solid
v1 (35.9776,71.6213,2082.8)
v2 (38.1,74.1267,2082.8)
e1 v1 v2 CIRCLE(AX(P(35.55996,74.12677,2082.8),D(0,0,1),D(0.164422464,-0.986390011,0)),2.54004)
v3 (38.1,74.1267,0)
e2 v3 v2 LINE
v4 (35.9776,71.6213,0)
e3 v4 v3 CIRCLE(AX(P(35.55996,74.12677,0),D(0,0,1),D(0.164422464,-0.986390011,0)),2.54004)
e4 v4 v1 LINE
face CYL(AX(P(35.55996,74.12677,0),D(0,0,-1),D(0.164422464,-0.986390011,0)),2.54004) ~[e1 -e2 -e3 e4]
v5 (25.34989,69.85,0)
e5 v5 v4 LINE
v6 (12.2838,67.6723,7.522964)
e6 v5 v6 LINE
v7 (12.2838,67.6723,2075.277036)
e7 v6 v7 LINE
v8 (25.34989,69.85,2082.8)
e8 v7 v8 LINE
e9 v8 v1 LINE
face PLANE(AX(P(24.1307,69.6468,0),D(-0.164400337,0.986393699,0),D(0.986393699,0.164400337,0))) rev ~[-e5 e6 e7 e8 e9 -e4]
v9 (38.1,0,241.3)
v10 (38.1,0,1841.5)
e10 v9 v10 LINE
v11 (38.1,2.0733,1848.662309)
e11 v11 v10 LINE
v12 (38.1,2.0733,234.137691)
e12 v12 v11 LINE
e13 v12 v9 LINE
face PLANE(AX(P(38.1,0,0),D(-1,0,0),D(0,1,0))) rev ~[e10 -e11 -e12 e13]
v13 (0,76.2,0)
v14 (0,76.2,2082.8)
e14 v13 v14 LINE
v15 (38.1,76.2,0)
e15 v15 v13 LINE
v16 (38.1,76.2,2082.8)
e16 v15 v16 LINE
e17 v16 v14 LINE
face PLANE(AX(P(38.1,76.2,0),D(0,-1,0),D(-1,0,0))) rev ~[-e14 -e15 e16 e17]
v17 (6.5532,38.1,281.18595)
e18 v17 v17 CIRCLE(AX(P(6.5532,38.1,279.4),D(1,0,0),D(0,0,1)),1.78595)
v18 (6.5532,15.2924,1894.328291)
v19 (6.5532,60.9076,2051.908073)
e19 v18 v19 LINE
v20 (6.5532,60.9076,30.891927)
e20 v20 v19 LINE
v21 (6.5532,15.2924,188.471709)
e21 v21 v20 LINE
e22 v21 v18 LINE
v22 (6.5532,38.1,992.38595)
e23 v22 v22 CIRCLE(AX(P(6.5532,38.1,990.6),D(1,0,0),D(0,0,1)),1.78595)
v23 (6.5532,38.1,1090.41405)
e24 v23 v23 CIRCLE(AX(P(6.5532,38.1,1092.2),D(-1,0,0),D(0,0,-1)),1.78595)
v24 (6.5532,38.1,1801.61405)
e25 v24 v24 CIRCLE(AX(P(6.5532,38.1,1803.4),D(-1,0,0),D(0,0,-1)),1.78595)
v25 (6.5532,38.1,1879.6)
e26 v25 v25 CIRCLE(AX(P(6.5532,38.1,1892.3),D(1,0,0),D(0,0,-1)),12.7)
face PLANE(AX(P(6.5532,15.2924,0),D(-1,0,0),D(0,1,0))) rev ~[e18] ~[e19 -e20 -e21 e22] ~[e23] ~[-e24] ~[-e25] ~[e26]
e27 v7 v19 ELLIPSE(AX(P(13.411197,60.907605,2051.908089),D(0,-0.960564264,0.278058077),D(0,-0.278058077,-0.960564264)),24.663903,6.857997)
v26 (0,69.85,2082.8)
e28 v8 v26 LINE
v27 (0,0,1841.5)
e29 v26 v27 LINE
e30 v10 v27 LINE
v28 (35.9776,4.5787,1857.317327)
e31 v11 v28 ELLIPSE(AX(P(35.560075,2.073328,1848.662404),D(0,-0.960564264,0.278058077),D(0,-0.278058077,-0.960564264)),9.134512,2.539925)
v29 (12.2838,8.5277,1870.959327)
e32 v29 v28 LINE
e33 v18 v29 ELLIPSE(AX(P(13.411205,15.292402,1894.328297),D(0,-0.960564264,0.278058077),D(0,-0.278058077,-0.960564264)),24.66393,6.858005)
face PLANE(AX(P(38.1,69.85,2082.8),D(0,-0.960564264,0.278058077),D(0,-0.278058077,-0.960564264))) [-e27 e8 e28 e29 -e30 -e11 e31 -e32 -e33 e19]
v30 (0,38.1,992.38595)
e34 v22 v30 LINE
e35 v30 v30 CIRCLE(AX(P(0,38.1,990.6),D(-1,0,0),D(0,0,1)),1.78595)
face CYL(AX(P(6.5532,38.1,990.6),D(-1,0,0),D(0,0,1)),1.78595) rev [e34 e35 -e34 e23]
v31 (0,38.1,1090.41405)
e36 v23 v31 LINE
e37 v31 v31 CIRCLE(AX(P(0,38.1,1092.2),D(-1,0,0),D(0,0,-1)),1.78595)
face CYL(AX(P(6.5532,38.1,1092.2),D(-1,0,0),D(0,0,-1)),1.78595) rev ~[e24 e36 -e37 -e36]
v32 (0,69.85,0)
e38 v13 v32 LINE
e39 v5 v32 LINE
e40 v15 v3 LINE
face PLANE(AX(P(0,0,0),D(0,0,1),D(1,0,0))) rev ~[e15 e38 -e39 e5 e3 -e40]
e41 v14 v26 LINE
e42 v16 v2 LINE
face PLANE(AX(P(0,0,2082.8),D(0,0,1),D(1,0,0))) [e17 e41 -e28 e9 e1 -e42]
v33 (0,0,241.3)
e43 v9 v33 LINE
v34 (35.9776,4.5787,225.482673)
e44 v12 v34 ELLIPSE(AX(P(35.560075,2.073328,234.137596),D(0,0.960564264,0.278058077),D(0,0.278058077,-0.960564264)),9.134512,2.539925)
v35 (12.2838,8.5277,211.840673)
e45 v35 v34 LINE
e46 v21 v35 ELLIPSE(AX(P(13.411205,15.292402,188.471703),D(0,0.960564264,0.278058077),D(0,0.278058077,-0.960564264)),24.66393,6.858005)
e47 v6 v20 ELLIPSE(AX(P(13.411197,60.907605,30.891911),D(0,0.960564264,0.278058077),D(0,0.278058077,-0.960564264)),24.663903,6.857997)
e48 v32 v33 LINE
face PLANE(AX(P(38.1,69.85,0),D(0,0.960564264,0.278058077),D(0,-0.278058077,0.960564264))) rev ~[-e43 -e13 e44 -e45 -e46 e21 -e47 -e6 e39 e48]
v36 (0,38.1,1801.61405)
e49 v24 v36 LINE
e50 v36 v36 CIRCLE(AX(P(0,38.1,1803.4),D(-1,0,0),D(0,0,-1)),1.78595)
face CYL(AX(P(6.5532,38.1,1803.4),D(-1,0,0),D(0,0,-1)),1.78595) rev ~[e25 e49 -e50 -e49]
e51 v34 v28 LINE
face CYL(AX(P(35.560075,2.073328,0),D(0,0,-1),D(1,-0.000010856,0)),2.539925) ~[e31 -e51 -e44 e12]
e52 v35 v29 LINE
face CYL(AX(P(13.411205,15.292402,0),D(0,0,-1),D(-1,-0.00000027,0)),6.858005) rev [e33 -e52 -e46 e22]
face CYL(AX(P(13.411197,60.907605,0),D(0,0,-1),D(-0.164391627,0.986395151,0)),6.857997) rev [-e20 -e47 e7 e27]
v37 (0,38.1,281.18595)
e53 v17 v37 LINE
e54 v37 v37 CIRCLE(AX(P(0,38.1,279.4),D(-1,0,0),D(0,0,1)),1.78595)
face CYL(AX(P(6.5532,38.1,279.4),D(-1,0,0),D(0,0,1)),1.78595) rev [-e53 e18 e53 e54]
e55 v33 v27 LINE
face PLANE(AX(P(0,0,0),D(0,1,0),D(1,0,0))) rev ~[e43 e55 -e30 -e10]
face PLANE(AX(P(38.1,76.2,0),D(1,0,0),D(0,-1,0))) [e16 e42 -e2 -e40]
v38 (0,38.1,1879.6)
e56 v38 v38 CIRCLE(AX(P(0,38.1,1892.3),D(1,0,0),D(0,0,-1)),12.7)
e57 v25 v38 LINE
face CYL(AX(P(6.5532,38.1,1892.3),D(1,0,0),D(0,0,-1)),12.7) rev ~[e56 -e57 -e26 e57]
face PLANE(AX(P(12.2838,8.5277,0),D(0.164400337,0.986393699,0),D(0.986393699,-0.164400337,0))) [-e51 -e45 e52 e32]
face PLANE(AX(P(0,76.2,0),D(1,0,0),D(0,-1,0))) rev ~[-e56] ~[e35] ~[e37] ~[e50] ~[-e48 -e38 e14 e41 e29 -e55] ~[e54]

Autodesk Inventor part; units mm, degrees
ref_plane "YZ Plane" through (0, 0, 0) normal (1, 0, 0) x (0, 1, 0)
ref_plane "XZ Plane" through (0, 0, 0) normal (0, 1, 0) x (-1, 0, 0)
sketch "Sketch1" plane through (0, 0, 0) normal (0, 0, 1) x (1, 0, 0)
  line L0 (0, 0) -> (38.1, 0)
  line L1 (38.1, 76.2) -> (0, 76.2)
  line L2 (0, 76.2) -> (0, 0)
  line L3 (6.5532, 15.2924) -> (6.5532, 60.9076)
  line L4 (12.2838, 67.6723) -> (35.9776, 71.6213)
  line L5 (38.1, 76.2) -> (38.1, 74.1267)
  line L6 (12.2838, 8.5277) -> (35.9776, 4.5787)
  line L7 (38.1, 0) -> (38.1, 2.0733)
  line L8 (24.1307, 69.6468) -> (19.4329, 69.6468)
  arc A0 (38.1, 2.0733) -> (35.9776, 4.5787) centre (35.56, 2.0733) ccw
  arc A1 (35.9776, 71.6213) -> (38.1, 74.1267) centre (35.56, 74.1267) ccw
  arc A2 (6.5532, 15.2924) -> (12.2838, 8.5277) centre (13.4112, 15.2924) ccw
  arc A3 (12.2838, 67.6723) -> (6.5532, 60.9076) centre (13.4112, 60.9076) ccw
  line L9 (0, 91.44) -> (0, -15.24) projected
  line L10 (-7.7119, 0) -> (46.2711, 0) projected
  point P0 (38.1, 71.975)
  dimension "d15" = 76.2
  dimension "d25" = 6.5532
  dimension "d26" = 38.1
  dimension "d28" = 6.5532
  dimension "d29" = 2.54
  dimension "d30" = 6.858
extrude "Extrusion1" add sketch "Sketch1" along normal blind 2082.8
sketch "Sketch2" plane through (38.1, 74.1267, 2082.8) normal (1, 0, 0) x (0, 0, -1)
  line L0 (0, 0) -> (959.8939, -1.971)
  line L1 (0, -74.1267) -> (0, -4.2767)
  line L2 (0, -4.2767) -> (241.3, -74.1267)
  line L3 (241.3, -74.1267) -> (0, -74.1267)
  line L4 (2082.8, -74.1267) -> (2082.8, -4.2767)
  line L5 (2082.8, -4.2767) -> (1841.5, -74.1267)
  line L6 (1841.5, -74.1267) -> (2082.8, -74.1267)
  line L7 (2082.8, -74.1267) -> (0, -74.1267) projected
  line L8 (0, -74.1267) -> (0, 2.0733) projected
  line L9 (2082.8, 2.0733) -> (2082.8, -74.1267) projected
  dimension "d19" = 241.3
  dimension "d20" = 69.85
  dimension "d21" = 241.3
  dimension "d31" = 69.85
extrude "Extrusion2" cut sketch "Sketch2" against normal blind 304.8
sketch "Sketch3" plane through (6.5532, 60.9076, 2051.9082) normal (1, 0, 0) x (0, 0, -1)
  line L0 (1863.4364, -45.6153) -> (157.58, -45.6153) projected
  circle A0 centre (159.6082, -22.8076) radius 12.7
  line L1 (172.3082, -7.5153) -> (1848.7082, -7.5153)
  line L2 (1848.7082, -7.5153) -> (1848.7082, -42.4403)
  line L3 (1848.7082, -42.4403) -> (172.3082, -42.4403)
  line L4 (172.3082, -42.4403) -> (172.3082, -7.5153)
  line L5 (-30.8918, 8.9424) -> (-30.8918, 15.2924) projected
  line L6 (181.8332, -9.1028) -> (213.5832, -9.1028)
  line L7 (213.5832, -9.1028) -> (213.5832, -40.8528)
  line L8 (213.5832, -40.8528) -> (181.8332, -40.8528)
  line L9 (181.8332, -40.8528) -> (181.8332, -9.1028)
  line L10 (283.4332, -9.1028) -> (315.1832, -9.1028)
  line L11 (315.1832, -9.1028) -> (315.1832, -40.8528)
  line L12 (315.1832, -40.8528) -> (283.4332, -40.8528)
  line L13 (283.4332, -40.8528) -> (283.4332, -9.1028)
  line L14 (385.0332, -9.1028) -> (416.7832, -9.1028)
  line L15 (416.7832, -9.1028) -> (416.7832, -40.8528)
  line L16 (416.7832, -40.8528) -> (385.0332, -40.8528)
  line L17 (385.0332, -40.8528) -> (385.0332, -9.1028)
  line L18 (486.6332, -9.1028) -> (518.3832, -9.1028)
  line L19 (518.3832, -9.1028) -> (518.3832, -40.8528)
  line L20 (518.3832, -40.8528) -> (486.6332, -40.8528)
  line L21 (486.6332, -40.8528) -> (486.6332, -9.1028)
  line L22 (588.2332, -9.1028) -> (619.9832, -9.1028)
  line L23 (619.9832, -9.1028) -> (619.9832, -40.8528)
  line L24 (619.9832, -40.8528) -> (588.2332, -40.8528)
  line L25 (588.2332, -40.8528) -> (588.2332, -9.1028)
  line L26 (689.8332, -9.1028) -> (721.5832, -9.1028)
  line L27 (721.5832, -9.1028) -> (721.5832, -40.8528)
  line L28 (721.5832, -40.8528) -> (689.8332, -40.8528)
  line L29 (689.8332, -40.8528) -> (689.8332, -9.1028)
  line L30 (791.4332, -9.1028) -> (823.1832, -9.1028)
  line L31 (823.1832, -9.1028) -> (823.1832, -40.8528)
  line L32 (823.1832, -40.8528) -> (791.4332, -40.8528)
  line L33 (791.4332, -40.8528) -> (791.4332, -9.1028)
  line L34 (893.0332, -9.1028) -> (924.7832, -9.1028)
  line L35 (924.7832, -9.1028) -> (924.7832, -40.8528)
  line L36 (924.7832, -40.8528) -> (893.0332, -40.8528)
  line L37 (893.0332, -40.8528) -> (893.0332, -9.1028)
  line L38 (994.6332, -9.1028) -> (1026.3832, -9.1028)
  line L39 (1026.3832, -9.1028) -> (1026.3832, -40.8528)
  line L40 (1026.3832, -40.8528) -> (994.6332, -40.8528)
  line L41 (994.6332, -40.8528) -> (994.6332, -9.1028)
  line L42 (1096.2332, -9.1028) -> (1127.9832, -9.1028)
  line L43 (1127.9832, -9.1028) -> (1127.9832, -40.8528)
  line L44 (1127.9832, -40.8528) -> (1096.2332, -40.8528)
  line L45 (1096.2332, -40.8528) -> (1096.2332, -9.1028)
  line L46 (1197.8332, -9.1028) -> (1229.5832, -9.1028)
  line L47 (1229.5832, -9.1028) -> (1229.5832, -40.8528)
  line L48 (1229.5832, -40.8528) -> (1197.8332, -40.8528)
  line L49 (1197.8332, -40.8528) -> (1197.8332, -9.1028)
  line L50 (1299.4332, -9.1028) -> (1331.1832, -9.1028)
  line L51 (1331.1832, -9.1028) -> (1331.1832, -40.8528)
  line L52 (1331.1832, -40.8528) -> (1299.4332, -40.8528)
  line L53 (1299.4332, -40.8528) -> (1299.4332, -9.1028)
  line L54 (1401.0332, -9.1028) -> (1432.7832, -9.1028)
  line L55 (1432.7832, -9.1028) -> (1432.7832, -40.8528)
  line L56 (1432.7832, -40.8528) -> (1401.0332, -40.8528)
  line L57 (1401.0332, -40.8528) -> (1401.0332, -9.1028)
  line L58 (1502.6332, -9.1028) -> (1534.3832, -9.1028)
  line L59 (1534.3832, -9.1028) -> (1534.3832, -40.8528)
  line L60 (1534.3832, -40.8528) -> (1502.6332, -40.8528)
  line L61 (1502.6332, -40.8528) -> (1502.6332, -9.1028)
  line L62 (1604.2332, -9.1028) -> (1635.9832, -9.1028)
  line L63 (1635.9832, -9.1028) -> (1635.9832, -40.8528)
  line L64 (1635.9832, -40.8528) -> (1604.2332, -40.8528)
  line L65 (1604.2332, -40.8528) -> (1604.2332, -9.1028)
  line L66 (1705.8332, -9.1028) -> (1737.5832, -9.1028)
  line L67 (1737.5832, -9.1028) -> (1737.5832, -40.8528)
  line L68 (1737.5832, -40.8528) -> (1705.8332, -40.8528)
  line L69 (1705.8332, -40.8528) -> (1705.8332, -9.1028)
  line L70 (1807.4332, -9.1028) -> (1839.1832, -9.1028)
  line L71 (1839.1832, -9.1028) -> (1839.1832, -40.8528)
  line L72 (1839.1832, -40.8528) -> (1807.4332, -40.8528)
  line L73 (1807.4332, -40.8528) -> (1807.4332, -9.1028)
  line L74 (2051.9082, 15.2924) -> (-30.8918, 15.2924) projected
  line L75 (1010.5082, -7.5153) -> (1010.5082, -42.4403)
  point P0 (2051.9082, -60.9076)
  dimension "d32" = 25.4
  dimension "d33" = 34.925
  dimension "d34" = 3.175
  dimension "d35" = 1676.4
  dimension "d36" = 203.2
  dimension "d37" = 31.75
  dimension "d38" = 1.5875
  dimension "d41" = 101.6
  dimension "d46" = 190.5
  dimension "d47" = 38.1
  dimension "d48" = 9.525
  dimension "d63" = 838.2
extrude "Extrusion3" cut sketch "Sketch3" against normal blind 25.4 contours A0
hole "Hole1" at (6.5532, 38.1, 1803.4) direction (-1, 0, 0) diameter 3.5719 depth 25.4 tip angle 118
pattern_linear "Rectangular Pattern1" count 2 spacing 711.2 along (0, 0, -1) of "Hole1"
ref_plane "Work Plane1" through (0, 0, 1041.4) normal (0, 0, 1) x (1, 0, 0)
mirror "Mirror1" about plane through (0, 0, 1041.4) normal (0, 0, 1) of "Hole1", "Rectangular Pattern1"
equation "\"d21\" = d19"
equation "\"d31\" = d20"
properties part number "GE-12019-03" material "Aluminum-6061"
